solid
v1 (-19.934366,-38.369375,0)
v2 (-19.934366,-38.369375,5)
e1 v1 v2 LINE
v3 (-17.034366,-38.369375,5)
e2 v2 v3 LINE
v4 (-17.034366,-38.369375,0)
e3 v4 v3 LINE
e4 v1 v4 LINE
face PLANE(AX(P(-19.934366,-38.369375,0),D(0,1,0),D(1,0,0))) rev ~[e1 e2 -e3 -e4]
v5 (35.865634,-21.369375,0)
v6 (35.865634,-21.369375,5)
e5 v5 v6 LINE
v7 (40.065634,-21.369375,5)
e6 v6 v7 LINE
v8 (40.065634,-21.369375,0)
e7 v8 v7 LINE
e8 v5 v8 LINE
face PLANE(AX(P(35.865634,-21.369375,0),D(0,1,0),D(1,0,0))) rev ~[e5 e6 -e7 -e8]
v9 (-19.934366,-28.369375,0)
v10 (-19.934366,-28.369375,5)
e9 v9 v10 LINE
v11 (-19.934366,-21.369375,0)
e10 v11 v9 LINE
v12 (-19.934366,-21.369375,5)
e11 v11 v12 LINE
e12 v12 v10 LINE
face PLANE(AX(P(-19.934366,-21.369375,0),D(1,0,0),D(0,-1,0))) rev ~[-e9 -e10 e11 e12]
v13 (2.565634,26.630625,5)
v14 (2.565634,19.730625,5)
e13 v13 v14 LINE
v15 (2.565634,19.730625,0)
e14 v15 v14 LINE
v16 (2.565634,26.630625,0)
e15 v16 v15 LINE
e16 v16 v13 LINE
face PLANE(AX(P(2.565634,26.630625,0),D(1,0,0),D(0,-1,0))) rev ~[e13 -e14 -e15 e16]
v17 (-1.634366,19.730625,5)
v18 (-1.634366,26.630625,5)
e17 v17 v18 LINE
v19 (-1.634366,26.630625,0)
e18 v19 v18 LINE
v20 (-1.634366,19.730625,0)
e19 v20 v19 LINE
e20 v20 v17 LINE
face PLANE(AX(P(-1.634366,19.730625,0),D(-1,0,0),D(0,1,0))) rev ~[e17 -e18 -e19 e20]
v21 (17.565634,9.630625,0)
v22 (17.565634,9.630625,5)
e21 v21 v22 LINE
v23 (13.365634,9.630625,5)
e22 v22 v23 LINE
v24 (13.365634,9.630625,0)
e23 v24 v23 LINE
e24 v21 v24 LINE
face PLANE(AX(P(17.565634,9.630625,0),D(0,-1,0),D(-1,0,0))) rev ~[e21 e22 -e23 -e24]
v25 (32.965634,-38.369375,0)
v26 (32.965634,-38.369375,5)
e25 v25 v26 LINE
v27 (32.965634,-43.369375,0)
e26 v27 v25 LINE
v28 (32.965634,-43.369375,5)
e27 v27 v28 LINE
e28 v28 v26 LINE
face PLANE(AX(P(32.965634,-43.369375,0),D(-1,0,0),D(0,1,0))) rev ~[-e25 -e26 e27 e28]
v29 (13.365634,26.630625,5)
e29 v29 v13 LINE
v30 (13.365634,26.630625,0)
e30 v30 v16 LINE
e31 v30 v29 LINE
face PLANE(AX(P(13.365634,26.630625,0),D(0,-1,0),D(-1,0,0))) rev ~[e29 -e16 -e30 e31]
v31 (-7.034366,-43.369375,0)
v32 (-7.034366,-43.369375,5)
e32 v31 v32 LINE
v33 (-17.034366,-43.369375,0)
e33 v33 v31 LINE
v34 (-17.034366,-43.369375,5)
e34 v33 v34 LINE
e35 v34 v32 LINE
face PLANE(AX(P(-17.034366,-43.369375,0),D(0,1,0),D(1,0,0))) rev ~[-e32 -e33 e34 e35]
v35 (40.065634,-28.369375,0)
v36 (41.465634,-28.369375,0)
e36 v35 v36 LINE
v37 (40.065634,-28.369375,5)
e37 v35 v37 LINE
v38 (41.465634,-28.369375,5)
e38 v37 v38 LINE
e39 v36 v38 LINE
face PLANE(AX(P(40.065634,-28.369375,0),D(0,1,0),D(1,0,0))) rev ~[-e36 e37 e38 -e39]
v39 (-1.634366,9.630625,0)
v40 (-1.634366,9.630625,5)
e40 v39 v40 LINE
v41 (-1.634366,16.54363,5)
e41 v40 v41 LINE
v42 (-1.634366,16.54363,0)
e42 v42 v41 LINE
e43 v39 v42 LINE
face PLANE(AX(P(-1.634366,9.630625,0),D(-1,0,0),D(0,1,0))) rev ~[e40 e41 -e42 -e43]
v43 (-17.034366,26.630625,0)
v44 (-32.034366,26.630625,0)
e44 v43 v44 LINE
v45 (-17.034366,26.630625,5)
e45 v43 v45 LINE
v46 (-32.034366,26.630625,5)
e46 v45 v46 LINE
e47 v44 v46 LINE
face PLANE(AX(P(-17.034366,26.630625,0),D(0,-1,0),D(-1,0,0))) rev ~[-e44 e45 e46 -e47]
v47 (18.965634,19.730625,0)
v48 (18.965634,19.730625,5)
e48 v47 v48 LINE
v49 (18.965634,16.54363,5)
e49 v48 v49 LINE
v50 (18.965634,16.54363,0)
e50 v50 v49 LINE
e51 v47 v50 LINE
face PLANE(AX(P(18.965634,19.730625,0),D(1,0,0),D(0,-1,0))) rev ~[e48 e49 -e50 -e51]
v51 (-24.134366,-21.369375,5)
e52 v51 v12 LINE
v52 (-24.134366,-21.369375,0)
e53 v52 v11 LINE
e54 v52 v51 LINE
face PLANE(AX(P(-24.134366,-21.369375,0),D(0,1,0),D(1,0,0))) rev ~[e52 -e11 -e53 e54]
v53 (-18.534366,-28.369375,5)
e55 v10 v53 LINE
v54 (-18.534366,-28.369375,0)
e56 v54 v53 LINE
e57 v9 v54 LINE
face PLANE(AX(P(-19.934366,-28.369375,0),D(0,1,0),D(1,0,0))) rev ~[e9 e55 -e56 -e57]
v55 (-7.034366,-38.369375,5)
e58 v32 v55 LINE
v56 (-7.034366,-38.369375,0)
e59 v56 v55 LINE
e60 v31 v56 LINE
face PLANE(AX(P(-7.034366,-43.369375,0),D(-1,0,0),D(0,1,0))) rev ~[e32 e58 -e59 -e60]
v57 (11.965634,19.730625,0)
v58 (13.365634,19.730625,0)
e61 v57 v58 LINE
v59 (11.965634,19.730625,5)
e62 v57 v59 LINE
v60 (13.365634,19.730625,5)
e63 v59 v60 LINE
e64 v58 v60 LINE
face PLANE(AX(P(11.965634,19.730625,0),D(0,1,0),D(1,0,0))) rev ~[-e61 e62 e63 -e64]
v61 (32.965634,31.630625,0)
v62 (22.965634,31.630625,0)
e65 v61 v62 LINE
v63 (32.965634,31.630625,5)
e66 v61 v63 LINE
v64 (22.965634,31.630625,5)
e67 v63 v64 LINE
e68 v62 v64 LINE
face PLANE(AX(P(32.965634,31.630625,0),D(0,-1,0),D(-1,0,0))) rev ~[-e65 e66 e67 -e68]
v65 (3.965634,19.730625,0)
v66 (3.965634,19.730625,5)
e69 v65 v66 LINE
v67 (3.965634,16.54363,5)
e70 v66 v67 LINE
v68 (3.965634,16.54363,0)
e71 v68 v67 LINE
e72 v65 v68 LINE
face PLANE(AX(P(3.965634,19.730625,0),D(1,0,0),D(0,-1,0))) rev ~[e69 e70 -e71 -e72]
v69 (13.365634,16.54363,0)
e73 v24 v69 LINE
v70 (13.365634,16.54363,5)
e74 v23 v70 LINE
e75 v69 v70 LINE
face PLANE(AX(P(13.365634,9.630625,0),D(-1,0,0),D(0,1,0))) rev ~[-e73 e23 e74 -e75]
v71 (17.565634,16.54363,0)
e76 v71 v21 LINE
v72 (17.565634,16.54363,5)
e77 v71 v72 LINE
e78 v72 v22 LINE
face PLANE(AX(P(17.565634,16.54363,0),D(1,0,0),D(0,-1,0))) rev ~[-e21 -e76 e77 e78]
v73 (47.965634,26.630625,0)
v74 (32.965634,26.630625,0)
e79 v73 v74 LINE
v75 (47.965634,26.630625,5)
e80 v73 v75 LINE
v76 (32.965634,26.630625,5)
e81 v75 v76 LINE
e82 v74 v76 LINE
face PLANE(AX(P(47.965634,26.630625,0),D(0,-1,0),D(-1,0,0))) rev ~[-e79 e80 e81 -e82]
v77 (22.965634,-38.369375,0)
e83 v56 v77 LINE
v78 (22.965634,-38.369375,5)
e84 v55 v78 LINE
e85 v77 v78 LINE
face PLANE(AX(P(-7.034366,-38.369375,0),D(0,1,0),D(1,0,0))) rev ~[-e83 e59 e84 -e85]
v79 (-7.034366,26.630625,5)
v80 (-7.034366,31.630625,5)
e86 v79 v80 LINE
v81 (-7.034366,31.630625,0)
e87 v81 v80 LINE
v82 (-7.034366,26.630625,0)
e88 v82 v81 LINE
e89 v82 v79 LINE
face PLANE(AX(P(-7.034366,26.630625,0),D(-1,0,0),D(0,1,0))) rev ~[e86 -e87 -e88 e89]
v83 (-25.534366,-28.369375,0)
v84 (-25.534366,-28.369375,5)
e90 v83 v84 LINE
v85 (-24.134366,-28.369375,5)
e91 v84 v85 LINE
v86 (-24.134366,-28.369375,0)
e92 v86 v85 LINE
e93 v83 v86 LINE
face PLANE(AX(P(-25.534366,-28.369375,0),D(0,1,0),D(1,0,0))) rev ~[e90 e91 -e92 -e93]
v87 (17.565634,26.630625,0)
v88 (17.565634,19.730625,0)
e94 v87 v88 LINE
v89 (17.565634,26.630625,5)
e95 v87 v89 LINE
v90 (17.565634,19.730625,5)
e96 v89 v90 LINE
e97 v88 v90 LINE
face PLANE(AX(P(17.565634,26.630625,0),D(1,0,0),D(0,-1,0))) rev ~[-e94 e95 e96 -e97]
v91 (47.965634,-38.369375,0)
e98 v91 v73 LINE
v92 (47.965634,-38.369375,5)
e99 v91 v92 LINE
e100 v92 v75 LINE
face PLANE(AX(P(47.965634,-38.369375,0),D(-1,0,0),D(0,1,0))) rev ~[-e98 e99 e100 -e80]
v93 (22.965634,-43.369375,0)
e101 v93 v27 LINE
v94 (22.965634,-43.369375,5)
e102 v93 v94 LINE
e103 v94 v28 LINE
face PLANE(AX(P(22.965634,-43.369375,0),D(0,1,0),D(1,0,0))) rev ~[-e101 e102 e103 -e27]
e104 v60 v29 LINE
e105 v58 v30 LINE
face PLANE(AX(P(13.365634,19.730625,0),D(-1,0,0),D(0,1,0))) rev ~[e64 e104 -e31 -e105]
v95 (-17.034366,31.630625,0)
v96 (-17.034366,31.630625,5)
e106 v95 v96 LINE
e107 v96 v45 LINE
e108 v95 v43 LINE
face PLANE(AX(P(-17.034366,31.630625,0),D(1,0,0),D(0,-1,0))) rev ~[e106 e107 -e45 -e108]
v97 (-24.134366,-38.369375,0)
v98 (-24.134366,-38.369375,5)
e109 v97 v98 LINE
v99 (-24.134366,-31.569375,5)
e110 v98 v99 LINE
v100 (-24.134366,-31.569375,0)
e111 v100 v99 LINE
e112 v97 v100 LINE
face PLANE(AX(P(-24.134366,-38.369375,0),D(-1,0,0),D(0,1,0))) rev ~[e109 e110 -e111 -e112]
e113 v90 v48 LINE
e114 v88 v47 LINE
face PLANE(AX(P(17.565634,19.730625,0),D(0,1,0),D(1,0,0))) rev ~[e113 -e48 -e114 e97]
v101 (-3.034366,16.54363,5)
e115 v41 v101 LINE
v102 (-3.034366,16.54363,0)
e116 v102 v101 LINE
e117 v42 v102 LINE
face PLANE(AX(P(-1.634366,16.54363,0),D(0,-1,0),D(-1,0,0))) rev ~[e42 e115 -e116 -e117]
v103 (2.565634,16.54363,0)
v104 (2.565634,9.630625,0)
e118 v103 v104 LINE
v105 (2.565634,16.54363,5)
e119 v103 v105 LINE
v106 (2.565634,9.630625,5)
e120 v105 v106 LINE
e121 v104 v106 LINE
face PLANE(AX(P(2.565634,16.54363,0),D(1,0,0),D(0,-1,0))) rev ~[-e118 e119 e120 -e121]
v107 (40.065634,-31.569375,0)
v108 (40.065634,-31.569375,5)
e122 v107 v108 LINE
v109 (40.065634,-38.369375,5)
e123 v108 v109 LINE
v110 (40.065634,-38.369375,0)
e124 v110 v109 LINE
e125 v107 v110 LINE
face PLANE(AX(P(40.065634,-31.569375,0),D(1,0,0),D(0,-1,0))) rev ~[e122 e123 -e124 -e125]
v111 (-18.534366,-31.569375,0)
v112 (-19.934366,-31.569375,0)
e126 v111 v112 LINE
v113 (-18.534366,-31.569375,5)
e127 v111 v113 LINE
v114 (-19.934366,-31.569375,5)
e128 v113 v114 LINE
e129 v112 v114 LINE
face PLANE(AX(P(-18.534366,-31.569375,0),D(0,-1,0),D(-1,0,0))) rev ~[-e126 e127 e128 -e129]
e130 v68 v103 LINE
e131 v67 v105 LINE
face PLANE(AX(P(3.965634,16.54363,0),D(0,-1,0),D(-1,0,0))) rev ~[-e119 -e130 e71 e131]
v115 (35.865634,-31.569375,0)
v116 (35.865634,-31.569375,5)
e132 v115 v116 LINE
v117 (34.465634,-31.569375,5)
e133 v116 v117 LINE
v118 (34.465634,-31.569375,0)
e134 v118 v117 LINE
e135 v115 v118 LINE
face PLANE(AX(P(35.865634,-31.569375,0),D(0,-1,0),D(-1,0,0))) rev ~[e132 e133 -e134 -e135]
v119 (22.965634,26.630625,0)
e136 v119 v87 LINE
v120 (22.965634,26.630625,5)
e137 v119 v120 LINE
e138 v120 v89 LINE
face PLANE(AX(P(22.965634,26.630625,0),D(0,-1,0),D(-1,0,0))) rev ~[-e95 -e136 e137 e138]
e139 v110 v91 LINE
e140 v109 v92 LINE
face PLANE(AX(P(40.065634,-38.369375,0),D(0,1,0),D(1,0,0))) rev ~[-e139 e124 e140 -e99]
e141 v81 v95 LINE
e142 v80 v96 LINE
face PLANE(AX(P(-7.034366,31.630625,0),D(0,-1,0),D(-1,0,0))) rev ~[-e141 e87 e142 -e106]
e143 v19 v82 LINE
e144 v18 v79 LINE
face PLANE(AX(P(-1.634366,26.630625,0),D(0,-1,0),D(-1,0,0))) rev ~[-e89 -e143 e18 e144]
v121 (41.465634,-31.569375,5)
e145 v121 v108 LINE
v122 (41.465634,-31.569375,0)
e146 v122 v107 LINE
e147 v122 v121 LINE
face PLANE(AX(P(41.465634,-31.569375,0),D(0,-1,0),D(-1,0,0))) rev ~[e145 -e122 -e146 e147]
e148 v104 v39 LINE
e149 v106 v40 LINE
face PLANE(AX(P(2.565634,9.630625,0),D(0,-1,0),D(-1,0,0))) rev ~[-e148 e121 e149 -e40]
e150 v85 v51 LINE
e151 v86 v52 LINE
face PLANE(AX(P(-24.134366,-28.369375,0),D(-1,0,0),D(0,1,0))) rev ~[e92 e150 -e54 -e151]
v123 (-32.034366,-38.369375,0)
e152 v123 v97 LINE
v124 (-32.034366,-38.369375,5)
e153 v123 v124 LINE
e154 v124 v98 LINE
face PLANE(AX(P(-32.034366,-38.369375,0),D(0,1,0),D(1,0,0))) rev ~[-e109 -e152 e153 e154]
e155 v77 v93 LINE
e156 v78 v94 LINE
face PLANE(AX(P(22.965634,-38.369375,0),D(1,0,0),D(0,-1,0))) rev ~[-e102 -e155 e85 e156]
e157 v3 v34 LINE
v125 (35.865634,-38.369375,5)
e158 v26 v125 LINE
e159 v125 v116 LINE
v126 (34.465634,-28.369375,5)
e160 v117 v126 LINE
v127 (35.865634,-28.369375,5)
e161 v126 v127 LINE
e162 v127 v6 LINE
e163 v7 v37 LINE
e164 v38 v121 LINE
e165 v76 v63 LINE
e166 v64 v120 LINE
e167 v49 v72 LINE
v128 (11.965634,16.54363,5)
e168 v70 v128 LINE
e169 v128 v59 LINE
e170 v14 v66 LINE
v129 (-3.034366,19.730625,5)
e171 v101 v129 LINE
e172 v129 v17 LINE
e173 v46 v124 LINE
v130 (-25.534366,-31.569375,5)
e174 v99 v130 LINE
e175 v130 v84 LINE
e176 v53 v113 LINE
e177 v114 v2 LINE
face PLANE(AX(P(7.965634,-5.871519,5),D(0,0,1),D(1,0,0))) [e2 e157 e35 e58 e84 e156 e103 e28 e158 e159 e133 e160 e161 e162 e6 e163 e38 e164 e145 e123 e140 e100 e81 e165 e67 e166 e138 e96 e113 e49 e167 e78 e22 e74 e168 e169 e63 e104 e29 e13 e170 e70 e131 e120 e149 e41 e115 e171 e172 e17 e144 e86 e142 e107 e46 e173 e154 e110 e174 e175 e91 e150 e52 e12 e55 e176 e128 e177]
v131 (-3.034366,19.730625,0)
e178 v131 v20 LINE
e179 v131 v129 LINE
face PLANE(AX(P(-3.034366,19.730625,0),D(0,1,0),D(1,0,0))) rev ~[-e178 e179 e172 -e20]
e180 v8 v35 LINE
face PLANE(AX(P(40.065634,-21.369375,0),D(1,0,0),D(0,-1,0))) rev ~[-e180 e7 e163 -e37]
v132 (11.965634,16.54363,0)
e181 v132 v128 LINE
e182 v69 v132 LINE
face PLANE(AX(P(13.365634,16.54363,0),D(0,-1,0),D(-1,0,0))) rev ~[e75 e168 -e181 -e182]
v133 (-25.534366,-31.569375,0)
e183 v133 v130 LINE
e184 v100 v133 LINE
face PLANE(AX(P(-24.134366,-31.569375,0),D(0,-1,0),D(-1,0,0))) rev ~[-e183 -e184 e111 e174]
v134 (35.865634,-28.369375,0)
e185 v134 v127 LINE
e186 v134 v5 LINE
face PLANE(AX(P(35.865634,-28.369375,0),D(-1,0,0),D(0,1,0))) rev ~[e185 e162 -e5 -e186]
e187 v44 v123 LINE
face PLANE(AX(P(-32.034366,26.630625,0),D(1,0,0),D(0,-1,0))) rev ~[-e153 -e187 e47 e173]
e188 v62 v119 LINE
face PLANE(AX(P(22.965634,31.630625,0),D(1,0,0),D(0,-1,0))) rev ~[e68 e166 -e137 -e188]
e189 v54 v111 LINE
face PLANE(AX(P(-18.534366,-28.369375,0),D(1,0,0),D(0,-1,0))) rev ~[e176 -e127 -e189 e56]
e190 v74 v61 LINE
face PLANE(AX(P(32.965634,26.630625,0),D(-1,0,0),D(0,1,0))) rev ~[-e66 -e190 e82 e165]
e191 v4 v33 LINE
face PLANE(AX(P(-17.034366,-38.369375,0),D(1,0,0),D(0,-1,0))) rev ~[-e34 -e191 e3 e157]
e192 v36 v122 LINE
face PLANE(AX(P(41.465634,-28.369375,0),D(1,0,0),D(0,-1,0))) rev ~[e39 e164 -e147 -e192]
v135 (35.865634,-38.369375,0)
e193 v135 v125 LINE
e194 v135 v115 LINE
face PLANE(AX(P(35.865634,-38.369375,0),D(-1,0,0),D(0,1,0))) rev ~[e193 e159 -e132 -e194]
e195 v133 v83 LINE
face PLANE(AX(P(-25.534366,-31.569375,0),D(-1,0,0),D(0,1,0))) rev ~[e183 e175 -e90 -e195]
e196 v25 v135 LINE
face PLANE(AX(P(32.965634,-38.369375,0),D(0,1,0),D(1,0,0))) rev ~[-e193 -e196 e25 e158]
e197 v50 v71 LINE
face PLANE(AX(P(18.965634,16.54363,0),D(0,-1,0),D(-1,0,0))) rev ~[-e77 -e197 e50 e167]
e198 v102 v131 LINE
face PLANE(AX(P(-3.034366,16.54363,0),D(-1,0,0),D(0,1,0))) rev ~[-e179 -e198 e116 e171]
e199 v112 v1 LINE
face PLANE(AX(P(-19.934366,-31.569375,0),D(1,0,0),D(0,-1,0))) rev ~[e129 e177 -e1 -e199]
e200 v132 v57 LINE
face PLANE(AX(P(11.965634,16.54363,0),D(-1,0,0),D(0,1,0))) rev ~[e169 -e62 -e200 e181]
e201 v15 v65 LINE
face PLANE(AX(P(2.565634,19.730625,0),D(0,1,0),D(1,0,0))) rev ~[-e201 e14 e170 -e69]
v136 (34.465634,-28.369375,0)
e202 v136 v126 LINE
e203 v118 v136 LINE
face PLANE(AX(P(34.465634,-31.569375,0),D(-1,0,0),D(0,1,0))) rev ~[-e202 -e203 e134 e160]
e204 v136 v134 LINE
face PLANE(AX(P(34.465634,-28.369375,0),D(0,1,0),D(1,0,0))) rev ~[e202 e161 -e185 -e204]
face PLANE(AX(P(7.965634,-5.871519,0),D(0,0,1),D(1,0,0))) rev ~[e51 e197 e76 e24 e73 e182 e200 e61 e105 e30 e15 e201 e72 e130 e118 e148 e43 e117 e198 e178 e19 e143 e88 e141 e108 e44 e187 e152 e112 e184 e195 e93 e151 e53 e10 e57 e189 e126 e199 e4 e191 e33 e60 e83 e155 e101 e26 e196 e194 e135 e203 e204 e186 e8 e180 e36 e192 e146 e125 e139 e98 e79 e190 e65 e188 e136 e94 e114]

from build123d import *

# Parameters (mm, degrees)
BOSS_EXTRUDE1_DEPTH = 5


with BuildPart() as part:
    # Sketch1 → Boss-Extrude1 (new body)
    with BuildSketch(Plane.XY):
        Polygon((-17.034366274, 26.630625459), (-32.034366274, 26.630625459), (-32.034366274, -38.369374541), (-24.134366274, -38.369374541), (-24.134366274, -31.569374541), (-25.534366274, -31.569374541), (-25.534366274, -28.369374541), (-24.134366274, -28.369374541), (-24.134366274, -21.369374541), (-19.934366274, -21.369374541), (-19.934366274, -28.369374541), (-18.534366274, -28.369374541), (-18.534366274, -31.569374541), (-19.934366274, -31.569374541), (-19.934366274, -38.369374541), (-17.034366274, -38.369374541), (-17.034366274, -43.369374541), (-7.034366274, -43.369374541), (-7.034366274, -38.369374541), (22.965633726, -38.369374541), (22.965633726, -43.369374541), (32.965633726, -43.369374541), (32.965633726, -38.369374541), (35.865633726, -38.369374541), (35.865633726, -31.569374541), (34.465633726, -31.569374541), (34.465633726, -28.369374541), (35.865633726, -28.369374541), (35.865633726, -21.369374541), (40.065633726, -21.369374541), (40.065633726, -28.369374541), (41.465633726, -28.369374541), (41.465633726, -31.569374541), (40.065633726, -31.569374541), (40.065633726, -38.369374541), (47.965633726, -38.369374541), (47.965633726, 26.630625459), (32.965633726, 26.630625459), (32.965633726, 31.630625459), (22.965633726, 31.630625459), (22.965633726, 26.630625459), (17.565633726, 26.630625459), (17.565633726, 19.730625459), (18.965633726, 19.730625459), (18.965633726, 16.543629904), (17.565633726, 16.543629904), (17.565633726, 9.630625459), (13.365633726, 9.630625459), (13.365633726, 16.543629904), (11.965633726, 16.543629904), (11.965633726, 19.730625459), (13.365633726, 19.730625459), (13.365633726, 26.630625459), (2.565633726, 26.630625459), (2.565633726, 19.730625459), (3.965633726, 19.730625459), (3.965633726, 16.543629904), (2.565633726, 16.543629904), (2.565633726, 9.630625459), (-1.634366274, 9.630625459), (-1.634366274, 16.543629904), (-3.034366274, 16.543629904), (-3.034366274, 19.730625459), (-1.634366274, 19.730625459), (-1.634366274, 26.630625459), (-7.034366274, 26.630625459), (-7.034366274, 31.630625459), (-17.034366274, 31.630625459), align=None)
    extrude(amount=BOSS_EXTRUDE1_DEPTH)


solid = part.part
